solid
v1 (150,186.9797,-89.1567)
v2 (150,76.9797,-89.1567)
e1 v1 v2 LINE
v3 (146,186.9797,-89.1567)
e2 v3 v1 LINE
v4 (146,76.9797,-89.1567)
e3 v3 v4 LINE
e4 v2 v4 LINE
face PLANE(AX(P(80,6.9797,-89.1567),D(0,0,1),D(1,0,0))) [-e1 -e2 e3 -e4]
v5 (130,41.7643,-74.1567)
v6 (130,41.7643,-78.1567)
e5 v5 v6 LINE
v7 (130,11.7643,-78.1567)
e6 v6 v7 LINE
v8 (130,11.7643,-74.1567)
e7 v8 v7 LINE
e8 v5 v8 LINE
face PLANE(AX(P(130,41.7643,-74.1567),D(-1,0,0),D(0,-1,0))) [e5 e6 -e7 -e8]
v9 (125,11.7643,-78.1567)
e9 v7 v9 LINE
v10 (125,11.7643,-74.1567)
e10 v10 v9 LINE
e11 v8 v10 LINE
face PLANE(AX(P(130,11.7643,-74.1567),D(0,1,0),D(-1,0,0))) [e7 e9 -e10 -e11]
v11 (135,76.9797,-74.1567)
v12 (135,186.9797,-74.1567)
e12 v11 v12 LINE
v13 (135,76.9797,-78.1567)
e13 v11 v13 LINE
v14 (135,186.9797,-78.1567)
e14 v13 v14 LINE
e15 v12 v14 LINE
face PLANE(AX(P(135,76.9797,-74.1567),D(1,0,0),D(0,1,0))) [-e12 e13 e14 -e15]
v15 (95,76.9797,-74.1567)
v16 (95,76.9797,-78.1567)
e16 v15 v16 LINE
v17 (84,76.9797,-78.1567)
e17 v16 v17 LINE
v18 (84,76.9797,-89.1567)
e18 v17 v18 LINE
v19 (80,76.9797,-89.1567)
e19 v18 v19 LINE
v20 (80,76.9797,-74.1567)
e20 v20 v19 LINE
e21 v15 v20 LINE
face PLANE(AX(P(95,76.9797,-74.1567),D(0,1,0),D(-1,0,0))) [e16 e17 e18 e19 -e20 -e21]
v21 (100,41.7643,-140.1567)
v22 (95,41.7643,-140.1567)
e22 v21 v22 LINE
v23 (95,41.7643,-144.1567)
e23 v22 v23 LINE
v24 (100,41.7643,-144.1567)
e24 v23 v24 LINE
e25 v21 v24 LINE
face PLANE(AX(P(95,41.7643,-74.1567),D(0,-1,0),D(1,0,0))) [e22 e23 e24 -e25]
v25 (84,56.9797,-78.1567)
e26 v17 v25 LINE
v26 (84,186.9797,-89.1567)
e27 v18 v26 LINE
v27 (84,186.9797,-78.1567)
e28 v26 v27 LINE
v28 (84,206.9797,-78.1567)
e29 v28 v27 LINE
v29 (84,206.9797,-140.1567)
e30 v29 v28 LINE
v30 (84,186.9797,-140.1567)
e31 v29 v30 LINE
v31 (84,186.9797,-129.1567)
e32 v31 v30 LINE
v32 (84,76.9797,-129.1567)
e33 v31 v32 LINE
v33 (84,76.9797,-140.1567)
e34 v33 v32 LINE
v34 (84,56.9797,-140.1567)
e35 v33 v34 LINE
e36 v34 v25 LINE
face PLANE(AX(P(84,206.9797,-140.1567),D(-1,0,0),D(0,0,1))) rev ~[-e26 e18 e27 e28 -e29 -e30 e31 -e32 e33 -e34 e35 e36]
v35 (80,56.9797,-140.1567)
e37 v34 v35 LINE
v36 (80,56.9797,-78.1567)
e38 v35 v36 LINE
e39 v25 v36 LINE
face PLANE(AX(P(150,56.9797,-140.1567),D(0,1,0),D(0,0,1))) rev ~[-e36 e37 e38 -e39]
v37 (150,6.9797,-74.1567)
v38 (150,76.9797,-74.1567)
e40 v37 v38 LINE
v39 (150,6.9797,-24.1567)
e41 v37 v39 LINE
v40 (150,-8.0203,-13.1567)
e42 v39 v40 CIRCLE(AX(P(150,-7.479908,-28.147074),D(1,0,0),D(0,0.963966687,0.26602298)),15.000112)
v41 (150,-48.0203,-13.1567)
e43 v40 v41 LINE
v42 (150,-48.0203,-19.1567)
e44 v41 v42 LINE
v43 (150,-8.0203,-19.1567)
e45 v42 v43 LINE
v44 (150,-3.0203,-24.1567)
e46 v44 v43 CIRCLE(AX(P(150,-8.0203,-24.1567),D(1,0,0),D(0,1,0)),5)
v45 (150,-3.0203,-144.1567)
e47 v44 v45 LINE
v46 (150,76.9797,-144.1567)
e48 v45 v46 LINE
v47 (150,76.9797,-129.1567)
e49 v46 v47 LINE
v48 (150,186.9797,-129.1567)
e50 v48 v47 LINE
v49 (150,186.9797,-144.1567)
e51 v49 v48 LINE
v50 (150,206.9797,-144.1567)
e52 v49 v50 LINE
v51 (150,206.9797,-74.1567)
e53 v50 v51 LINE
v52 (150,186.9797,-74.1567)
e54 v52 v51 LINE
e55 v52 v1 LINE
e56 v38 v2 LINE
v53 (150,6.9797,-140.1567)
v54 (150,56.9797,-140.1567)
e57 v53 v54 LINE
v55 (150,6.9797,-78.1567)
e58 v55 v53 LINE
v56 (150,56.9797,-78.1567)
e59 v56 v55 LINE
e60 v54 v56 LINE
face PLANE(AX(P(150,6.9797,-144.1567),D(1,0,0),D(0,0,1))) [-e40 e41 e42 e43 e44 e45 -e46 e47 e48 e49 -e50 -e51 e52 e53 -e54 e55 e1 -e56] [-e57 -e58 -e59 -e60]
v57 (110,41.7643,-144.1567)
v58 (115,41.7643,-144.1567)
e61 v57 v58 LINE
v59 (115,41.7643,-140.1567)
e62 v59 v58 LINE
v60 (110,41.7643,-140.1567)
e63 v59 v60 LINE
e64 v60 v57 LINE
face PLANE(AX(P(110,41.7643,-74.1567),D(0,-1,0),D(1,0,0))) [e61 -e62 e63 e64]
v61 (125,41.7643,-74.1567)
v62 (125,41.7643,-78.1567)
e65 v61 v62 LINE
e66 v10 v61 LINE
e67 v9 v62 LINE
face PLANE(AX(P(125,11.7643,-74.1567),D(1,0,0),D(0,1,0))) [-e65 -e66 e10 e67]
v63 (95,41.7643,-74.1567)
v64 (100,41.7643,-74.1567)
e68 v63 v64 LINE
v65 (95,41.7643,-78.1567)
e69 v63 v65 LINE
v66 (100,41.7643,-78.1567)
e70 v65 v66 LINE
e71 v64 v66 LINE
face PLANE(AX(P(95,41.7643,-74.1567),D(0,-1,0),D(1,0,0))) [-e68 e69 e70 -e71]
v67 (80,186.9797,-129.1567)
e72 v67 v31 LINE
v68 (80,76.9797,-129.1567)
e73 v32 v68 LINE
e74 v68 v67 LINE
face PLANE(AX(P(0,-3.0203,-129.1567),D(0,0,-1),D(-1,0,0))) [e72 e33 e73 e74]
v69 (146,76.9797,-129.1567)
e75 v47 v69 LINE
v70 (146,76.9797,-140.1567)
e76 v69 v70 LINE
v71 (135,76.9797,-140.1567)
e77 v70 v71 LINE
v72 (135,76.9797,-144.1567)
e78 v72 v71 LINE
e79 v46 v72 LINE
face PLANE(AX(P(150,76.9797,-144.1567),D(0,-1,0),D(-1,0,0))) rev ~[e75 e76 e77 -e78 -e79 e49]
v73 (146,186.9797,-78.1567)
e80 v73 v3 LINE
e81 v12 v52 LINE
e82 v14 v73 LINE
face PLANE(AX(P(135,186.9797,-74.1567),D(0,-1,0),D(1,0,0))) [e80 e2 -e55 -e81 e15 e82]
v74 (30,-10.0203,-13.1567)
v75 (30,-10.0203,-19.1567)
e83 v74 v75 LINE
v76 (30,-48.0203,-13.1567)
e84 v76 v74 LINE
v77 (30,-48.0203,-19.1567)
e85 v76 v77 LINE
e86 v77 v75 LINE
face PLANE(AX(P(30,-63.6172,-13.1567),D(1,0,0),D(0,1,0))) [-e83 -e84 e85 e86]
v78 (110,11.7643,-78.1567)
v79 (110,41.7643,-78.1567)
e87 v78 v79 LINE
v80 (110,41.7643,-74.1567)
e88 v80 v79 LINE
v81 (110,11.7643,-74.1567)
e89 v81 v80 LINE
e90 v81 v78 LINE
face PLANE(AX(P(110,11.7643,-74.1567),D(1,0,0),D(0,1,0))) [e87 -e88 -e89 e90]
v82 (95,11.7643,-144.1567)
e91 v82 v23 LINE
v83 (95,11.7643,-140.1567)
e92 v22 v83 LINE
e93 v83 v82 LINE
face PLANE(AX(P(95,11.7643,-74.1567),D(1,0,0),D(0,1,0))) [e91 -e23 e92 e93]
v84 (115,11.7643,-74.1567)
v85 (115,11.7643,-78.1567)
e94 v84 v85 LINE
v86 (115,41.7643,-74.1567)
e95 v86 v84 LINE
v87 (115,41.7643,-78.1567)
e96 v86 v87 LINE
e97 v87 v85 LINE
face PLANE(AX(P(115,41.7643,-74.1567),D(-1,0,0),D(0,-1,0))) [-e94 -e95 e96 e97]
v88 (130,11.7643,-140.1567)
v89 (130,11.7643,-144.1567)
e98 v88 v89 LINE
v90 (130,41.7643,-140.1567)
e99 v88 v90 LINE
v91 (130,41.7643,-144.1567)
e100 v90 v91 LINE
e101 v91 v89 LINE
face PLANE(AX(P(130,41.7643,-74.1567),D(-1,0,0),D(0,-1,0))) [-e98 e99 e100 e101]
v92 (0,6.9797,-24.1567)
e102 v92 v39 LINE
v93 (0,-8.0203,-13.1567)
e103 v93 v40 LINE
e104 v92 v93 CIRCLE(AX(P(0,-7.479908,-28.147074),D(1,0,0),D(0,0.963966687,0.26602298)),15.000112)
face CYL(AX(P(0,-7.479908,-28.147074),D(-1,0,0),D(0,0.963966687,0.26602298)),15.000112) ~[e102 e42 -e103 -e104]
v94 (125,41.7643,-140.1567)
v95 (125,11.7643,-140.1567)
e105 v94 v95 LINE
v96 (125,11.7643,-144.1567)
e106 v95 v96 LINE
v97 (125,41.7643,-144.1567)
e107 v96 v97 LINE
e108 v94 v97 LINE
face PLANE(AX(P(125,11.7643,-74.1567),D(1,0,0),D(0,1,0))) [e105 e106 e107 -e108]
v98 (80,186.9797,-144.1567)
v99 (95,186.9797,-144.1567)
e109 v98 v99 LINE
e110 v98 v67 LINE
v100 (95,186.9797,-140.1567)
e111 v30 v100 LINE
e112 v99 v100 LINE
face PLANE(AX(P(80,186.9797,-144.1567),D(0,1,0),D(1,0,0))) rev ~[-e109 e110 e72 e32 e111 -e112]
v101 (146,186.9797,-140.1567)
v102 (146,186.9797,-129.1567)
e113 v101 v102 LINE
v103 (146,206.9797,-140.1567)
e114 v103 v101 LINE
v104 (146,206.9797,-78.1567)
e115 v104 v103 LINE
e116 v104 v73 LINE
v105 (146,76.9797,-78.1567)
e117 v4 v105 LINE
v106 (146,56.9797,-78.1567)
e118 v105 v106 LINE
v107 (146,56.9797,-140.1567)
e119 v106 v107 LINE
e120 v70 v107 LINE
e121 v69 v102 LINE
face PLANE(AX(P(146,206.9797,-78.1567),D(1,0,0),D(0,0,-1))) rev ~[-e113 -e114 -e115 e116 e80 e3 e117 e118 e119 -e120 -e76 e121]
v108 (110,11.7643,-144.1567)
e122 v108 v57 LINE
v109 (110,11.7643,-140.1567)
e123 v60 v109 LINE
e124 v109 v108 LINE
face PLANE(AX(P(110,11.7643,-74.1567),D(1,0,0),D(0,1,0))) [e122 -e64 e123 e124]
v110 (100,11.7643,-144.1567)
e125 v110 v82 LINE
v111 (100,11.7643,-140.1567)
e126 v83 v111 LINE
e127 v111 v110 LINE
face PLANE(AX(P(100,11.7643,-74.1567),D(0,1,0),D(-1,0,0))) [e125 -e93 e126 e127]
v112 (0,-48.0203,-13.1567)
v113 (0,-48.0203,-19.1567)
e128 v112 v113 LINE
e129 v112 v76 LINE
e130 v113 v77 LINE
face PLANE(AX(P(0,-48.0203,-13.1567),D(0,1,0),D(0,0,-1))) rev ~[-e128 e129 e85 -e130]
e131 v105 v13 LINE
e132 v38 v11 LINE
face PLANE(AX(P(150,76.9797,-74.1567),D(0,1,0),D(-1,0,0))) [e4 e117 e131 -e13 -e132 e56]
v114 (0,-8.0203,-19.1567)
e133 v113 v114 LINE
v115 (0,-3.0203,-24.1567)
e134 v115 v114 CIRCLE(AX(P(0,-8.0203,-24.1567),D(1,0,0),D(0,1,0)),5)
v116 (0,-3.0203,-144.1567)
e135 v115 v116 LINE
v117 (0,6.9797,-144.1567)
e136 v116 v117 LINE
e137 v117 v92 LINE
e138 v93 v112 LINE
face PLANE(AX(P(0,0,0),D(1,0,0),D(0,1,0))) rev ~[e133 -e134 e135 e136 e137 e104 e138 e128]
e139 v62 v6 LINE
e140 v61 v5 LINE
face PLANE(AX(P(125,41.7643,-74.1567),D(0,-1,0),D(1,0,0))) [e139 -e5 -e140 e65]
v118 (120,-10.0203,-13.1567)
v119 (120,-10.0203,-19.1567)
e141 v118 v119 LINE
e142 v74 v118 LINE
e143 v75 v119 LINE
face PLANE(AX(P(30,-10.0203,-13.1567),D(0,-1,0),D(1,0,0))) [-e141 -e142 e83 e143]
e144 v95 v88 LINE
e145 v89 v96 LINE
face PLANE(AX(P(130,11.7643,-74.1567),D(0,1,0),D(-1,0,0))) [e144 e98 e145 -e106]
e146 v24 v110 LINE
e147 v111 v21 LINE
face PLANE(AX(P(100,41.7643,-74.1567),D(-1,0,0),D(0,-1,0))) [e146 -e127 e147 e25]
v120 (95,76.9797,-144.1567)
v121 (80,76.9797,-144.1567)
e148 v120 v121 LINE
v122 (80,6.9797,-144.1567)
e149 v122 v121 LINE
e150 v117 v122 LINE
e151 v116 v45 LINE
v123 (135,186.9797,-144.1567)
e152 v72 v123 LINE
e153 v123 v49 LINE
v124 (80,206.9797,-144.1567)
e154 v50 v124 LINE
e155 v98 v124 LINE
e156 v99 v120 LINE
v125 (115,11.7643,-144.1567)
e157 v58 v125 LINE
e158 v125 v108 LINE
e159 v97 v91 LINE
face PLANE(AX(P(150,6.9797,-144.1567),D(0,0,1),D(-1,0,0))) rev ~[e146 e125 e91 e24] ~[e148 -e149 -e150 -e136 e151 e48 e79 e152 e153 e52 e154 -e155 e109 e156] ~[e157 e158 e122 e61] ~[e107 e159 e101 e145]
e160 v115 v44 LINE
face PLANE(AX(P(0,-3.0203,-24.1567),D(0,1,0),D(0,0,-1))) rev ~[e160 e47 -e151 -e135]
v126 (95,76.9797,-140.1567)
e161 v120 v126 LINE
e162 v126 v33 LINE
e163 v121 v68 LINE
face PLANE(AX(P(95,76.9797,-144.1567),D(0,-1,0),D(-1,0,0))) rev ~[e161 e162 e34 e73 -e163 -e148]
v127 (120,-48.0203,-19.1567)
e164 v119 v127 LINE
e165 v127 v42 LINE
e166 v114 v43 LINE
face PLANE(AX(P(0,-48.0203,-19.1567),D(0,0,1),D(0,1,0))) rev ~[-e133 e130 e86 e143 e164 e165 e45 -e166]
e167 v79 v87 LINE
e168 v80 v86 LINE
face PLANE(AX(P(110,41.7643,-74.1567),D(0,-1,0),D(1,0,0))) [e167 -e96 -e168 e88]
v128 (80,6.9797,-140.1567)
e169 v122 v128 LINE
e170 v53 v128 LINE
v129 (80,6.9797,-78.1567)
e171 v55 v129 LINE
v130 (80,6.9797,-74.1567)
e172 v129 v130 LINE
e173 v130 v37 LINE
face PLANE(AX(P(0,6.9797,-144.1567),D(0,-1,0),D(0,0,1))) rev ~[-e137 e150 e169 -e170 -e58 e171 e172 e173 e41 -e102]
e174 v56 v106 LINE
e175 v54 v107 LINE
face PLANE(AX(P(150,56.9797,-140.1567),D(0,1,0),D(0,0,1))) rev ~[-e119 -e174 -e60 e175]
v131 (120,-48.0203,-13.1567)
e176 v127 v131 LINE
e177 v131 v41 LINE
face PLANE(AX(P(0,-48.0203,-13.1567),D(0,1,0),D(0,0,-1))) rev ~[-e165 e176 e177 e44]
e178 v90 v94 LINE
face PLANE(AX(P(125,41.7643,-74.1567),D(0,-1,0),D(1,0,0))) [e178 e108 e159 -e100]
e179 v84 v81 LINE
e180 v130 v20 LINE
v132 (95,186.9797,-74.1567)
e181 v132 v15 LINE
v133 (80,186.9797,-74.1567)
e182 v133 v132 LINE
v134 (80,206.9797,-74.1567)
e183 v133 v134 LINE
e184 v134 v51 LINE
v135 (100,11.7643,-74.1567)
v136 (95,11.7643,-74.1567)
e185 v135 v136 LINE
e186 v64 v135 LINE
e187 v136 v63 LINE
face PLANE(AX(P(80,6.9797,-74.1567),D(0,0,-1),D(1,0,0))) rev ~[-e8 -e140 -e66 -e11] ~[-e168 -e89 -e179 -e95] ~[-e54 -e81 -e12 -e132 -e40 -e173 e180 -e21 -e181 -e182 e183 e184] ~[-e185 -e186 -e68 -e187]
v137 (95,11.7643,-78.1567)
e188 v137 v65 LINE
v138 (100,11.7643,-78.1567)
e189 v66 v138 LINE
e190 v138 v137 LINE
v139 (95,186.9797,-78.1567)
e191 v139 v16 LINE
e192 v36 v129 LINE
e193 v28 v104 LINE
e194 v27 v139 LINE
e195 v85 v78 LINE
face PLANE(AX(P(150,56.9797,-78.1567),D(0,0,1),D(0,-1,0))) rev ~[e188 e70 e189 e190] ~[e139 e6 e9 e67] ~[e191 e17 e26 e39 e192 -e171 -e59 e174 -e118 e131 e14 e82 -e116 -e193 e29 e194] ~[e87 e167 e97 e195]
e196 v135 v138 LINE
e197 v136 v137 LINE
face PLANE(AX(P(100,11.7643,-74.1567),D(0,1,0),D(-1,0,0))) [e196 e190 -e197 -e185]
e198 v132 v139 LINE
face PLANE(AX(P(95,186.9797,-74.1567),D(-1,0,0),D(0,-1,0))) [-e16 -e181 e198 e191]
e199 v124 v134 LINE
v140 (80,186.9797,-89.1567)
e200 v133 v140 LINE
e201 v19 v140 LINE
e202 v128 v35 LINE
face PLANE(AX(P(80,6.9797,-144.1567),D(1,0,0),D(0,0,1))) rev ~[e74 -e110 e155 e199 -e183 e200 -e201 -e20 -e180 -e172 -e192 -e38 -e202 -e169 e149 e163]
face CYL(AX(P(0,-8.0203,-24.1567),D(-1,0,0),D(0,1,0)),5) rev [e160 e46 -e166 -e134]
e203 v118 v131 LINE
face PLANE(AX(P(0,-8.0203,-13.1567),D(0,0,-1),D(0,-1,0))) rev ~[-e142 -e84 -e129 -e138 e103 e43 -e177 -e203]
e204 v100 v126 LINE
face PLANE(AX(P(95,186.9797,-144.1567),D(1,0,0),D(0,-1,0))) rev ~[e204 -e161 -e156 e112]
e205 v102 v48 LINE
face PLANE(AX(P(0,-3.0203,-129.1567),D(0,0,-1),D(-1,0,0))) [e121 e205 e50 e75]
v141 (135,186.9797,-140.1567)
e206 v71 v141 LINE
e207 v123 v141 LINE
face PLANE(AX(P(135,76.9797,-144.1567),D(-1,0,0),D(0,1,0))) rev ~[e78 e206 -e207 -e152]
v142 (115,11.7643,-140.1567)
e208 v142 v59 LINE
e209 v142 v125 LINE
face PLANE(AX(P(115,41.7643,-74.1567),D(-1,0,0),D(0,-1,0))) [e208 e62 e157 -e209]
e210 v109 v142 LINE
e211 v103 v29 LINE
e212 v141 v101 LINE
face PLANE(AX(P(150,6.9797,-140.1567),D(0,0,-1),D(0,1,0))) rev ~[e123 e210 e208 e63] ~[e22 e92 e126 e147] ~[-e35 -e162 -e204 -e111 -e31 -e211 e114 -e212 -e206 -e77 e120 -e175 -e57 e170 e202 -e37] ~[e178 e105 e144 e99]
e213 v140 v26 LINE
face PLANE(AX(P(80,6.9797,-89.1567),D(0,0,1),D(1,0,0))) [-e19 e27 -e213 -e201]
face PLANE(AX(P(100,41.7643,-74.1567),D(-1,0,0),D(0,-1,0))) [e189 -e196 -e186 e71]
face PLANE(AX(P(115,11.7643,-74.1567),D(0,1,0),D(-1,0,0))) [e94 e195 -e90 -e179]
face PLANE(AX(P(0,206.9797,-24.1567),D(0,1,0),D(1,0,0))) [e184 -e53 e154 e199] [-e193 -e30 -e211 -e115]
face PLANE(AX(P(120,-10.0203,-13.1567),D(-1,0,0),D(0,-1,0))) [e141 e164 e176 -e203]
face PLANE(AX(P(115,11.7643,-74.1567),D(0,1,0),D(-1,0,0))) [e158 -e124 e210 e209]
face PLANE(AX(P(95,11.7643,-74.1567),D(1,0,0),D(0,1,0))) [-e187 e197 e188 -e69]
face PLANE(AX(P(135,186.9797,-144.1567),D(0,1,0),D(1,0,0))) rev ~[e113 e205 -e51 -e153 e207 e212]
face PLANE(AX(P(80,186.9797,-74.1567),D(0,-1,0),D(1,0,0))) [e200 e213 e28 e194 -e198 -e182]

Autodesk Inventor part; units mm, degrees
ref_plane "YZ Plane" through (0, 0, 0) normal (1, 0, 0) x (0, 1, 0)
ref_plane "XZ Plane" through (0, 0, 0) normal (0, 1, 0) x (-1, 0, 0)
ref_plane "XY Plane" through (0, 0, 0) normal (0, 0, 1) x (1, 0, 0)
sketch "Sketch1" plane through (0, 0, 0) normal (1, 0, 0) x (0, 1, 0)
  line L0 (-8.0203, -13.1567) -> (-48.0203, -13.1567)
  line L1 (-48.0203, -13.1567) -> (-48.0203, -19.1567)
  line L2 (-48.0203, -19.1567) -> (-8.0203, -19.1567)
  line L3 (-3.0203, -24.1567) -> (-3.0203, -144.1567)
  line L4 (-3.0203, -144.1567) -> (6.9797, -144.1567)
  line L5 (6.9797, -144.1567) -> (6.9797, -24.1567)
  arc A0 (6.9797, -24.1567) -> (-8.0203, -13.1567) centre (-7.4798, -28.147) ccw
  arc A1 (-3.0203, -24.1567) -> (-8.0203, -19.1567) centre (-8.0203, -24.1567) ccw
  point P0 (0, 0)
  dimension "d2" = 40
  dimension "d5" = 6
  dimension "d15" = 120
  dimension "d16" = 10
  dimension "d19" = 15
  dimension "d20" = 5
extrude "Extrusion1" add sketch "Sketch1" along normal blind 150
sketch "Sketch2" plane through (0, -48.0203, -13.1567) normal (0, 0, 1) x (1, 0, 0)
  line L0 (30, 38) -> (120, 38)
  line L1 (120, 38) -> (120, -15.5969)
  line L2 (120, -15.5969) -> (30, -15.5969)
  line L3 (30, -15.5969) -> (30, 38)
  line L4 (0, 40) -> (150, 40) projected
  line L5 (0, 40) -> (0, 0) projected
  point P0 (0, 48.0203)
  dimension "d10" = 2
  dimension "d11" = 30
  dimension "d12" = 90
extrude "Extrusion2" cut sketch "Sketch2" against normal blind 150
sketch "Sketch3" plane through (150, 0, 0) normal (1, 0, 0) x (0, 0, -1)
  line L0 (144.1567, 6.9797) -> (24.1567, 6.9797) projected
  point P0 (0, 0)
sketch "Sketch4" plane through (0, 6.9797, -24.1567) normal (0, 1, 0) x (1, 0, 0)
  line L0 (150, 120) -> (150, 0) projected
  line L1 (150, 120) -> (80, 120)
  line L2 (80, 120) -> (80, 50)
  line L3 (80, 50) -> (150, 50)
  line L4 (150, 50) -> (150, 120)
  point P0 (0, -24.1567)
  dimension "d31" = 70
  dimension "d32" = 70
extrude "Extrusion3" add sketch "Sketch4" along normal blind 200
sketch "Sketch5" plane through (0, 206.9797, -24.1567) normal (0, 1, 0) x (1, 0, 0)
  line L0 (84, 54) -> (146, 54)
  line L1 (146, 54) -> (146, 116)
  line L2 (146, 116) -> (84, 116)
  line L3 (84, 116) -> (84, 54)
  line L4 (150, 120) -> (80, 120) projected
  line L5 (150, 50) -> (150, 120) projected
  point P0 (0, -24.1567)
  dimension "d35" = 62
  dimension "d36" = 62
  dimension "d37" = 4
  dimension "d38" = 4
extrude "Extrusion4" cut sketch "Sketch5" against normal blind 150
sketch "Sketch6" plane through (150, 0, 0) normal (1, 0, 0) x (0, 0, -1)
  line L0 (78.1567, 6.9797) -> (140.1567, 6.9797)
  line L1 (140.1567, 6.9797) -> (140.1567, 56.9797)
  line L2 (140.1567, 56.9797) -> (78.1567, 56.9797)
  line L3 (78.1567, 56.9797) -> (78.1567, 6.9797)
  line L4 (144.1567, -3.0203) -> (144.1567, 206.9797) projected
  line L5 (74.1567, 6.9797) -> (144.1567, 6.9797) projected
  point P0 (0, 0)
  dimension "d41" = 50
  dimension "d42" = 62
  dimension "d43" = 4
  dimension "d47" = 0
extrude "Extrusion5" cut sketch "Sketch6" against normal blind 150
sketch "Sketch8" plane through (80, 6.9797, -74.1567) normal (0, 0, 1) x (1, 0, 0)
  line L0 (15, 34.7846) -> (20, 34.7846)
  line L1 (20, 34.7846) -> (20, 4.7846)
  line L2 (20, 4.7846) -> (15, 4.7846)
  line L3 (15, 4.7846) -> (15, 34.7846)
  line L4 (30, 34.7846) -> (35, 34.7846)
  line L5 (35, 34.7846) -> (35, 4.7846)
  line L6 (35, 4.7846) -> (30, 4.7846)
  line L7 (30, 4.7846) -> (30, 34.7846)
  line L8 (45, 34.7846) -> (50, 34.7846)
  line L9 (50, 34.7846) -> (50, 4.7846)
  line L10 (50, 4.7846) -> (45, 4.7846)
  line L11 (45, 4.7846) -> (45, 34.7846)
  line L12 (0, 0) -> (0, 200) projected
  point P0 (-80, -6.9797)
  dimension "d48" = 5
  dimension "d49" = 30
  dimension "d50" = 5
  dimension "d51" = 30
  dimension "d52" = 5
  dimension "d53" = 30
  dimension "d54" = 0
  dimension "d55" = 0
  dimension "d56" = 10
  dimension "d57" = 10
  dimension "d58" = 15
extrude "Extrusion6" cut sketch "Sketch8" against normal through all
sketch "Sketch9" plane through (80, 6.9797, -74.1567) normal (0, 0, 1) x (1, 0, 0)
  line L0 (0, 180) -> (15, 180)
  line L1 (15, 180) -> (15, 70)
  line L2 (15, 70) -> (0, 70)
  line L3 (0, 70) -> (0, 180)
  line L4 (0, 0) -> (0, 200) projected
  line L5 (55, 180) -> (70, 180)
  line L6 (70, 180) -> (70, 70)
  line L7 (70, 70) -> (55, 70)
  line L8 (55, 70) -> (55, 180)
  line L9 (70, 0) -> (70, 200) projected
  line L10 (0, 200) -> (70, 200) projected
  point P0 (-80, -6.9797)
  dimension "d61" = 0
  dimension "d62" = 15
  dimension "d63" = 110
  dimension "d64" = 15
  dimension "d65" = 110
  dimension "d66" = 0
  dimension "d67" = 0
  dimension "d80" = 20
extrude "Extrusion7" cut sketch "Sketch9" against normal blind 15
sketch "Sketch11" plane through (0, -3.0203, -144.1567) normal (0, 0, -1) x (-1, 0, 0)
  line L0 (-80, 10) -> (-80, 210) projected
  line L1 (-80, 190) -> (-95, 190)
  line L2 (-95, 190) -> (-95, 80)
  line L3 (-95, 80) -> (-80, 80)
  line L4 (-80, 80) -> (-80, 190)
  line L5 (-135, 190) -> (-150, 190)
  line L6 (-150, 190) -> (-150, 80)
  line L7 (-150, 80) -> (-135, 80)
  line L8 (-135, 80) -> (-135, 190)
  line L9 (-150, 0) -> (-150, 210) projected
  point P0 (0, 3.0203)
  point P1 (-80, 190)
  point P2 (-110.828, 190)
  point P3 (-80, 80)
  dimension "d71" = 110
  dimension "d72" = 0
  dimension "d73" = 15
  dimension "d74" = 110
  dimension "d75" = 0
  dimension "d76" = 15
  dimension "d77" = 0
  dimension "d81" = 0
extrude "Extrusion8" cut sketch "Sketch11" against normal blind 15
properties part number "Housing"
